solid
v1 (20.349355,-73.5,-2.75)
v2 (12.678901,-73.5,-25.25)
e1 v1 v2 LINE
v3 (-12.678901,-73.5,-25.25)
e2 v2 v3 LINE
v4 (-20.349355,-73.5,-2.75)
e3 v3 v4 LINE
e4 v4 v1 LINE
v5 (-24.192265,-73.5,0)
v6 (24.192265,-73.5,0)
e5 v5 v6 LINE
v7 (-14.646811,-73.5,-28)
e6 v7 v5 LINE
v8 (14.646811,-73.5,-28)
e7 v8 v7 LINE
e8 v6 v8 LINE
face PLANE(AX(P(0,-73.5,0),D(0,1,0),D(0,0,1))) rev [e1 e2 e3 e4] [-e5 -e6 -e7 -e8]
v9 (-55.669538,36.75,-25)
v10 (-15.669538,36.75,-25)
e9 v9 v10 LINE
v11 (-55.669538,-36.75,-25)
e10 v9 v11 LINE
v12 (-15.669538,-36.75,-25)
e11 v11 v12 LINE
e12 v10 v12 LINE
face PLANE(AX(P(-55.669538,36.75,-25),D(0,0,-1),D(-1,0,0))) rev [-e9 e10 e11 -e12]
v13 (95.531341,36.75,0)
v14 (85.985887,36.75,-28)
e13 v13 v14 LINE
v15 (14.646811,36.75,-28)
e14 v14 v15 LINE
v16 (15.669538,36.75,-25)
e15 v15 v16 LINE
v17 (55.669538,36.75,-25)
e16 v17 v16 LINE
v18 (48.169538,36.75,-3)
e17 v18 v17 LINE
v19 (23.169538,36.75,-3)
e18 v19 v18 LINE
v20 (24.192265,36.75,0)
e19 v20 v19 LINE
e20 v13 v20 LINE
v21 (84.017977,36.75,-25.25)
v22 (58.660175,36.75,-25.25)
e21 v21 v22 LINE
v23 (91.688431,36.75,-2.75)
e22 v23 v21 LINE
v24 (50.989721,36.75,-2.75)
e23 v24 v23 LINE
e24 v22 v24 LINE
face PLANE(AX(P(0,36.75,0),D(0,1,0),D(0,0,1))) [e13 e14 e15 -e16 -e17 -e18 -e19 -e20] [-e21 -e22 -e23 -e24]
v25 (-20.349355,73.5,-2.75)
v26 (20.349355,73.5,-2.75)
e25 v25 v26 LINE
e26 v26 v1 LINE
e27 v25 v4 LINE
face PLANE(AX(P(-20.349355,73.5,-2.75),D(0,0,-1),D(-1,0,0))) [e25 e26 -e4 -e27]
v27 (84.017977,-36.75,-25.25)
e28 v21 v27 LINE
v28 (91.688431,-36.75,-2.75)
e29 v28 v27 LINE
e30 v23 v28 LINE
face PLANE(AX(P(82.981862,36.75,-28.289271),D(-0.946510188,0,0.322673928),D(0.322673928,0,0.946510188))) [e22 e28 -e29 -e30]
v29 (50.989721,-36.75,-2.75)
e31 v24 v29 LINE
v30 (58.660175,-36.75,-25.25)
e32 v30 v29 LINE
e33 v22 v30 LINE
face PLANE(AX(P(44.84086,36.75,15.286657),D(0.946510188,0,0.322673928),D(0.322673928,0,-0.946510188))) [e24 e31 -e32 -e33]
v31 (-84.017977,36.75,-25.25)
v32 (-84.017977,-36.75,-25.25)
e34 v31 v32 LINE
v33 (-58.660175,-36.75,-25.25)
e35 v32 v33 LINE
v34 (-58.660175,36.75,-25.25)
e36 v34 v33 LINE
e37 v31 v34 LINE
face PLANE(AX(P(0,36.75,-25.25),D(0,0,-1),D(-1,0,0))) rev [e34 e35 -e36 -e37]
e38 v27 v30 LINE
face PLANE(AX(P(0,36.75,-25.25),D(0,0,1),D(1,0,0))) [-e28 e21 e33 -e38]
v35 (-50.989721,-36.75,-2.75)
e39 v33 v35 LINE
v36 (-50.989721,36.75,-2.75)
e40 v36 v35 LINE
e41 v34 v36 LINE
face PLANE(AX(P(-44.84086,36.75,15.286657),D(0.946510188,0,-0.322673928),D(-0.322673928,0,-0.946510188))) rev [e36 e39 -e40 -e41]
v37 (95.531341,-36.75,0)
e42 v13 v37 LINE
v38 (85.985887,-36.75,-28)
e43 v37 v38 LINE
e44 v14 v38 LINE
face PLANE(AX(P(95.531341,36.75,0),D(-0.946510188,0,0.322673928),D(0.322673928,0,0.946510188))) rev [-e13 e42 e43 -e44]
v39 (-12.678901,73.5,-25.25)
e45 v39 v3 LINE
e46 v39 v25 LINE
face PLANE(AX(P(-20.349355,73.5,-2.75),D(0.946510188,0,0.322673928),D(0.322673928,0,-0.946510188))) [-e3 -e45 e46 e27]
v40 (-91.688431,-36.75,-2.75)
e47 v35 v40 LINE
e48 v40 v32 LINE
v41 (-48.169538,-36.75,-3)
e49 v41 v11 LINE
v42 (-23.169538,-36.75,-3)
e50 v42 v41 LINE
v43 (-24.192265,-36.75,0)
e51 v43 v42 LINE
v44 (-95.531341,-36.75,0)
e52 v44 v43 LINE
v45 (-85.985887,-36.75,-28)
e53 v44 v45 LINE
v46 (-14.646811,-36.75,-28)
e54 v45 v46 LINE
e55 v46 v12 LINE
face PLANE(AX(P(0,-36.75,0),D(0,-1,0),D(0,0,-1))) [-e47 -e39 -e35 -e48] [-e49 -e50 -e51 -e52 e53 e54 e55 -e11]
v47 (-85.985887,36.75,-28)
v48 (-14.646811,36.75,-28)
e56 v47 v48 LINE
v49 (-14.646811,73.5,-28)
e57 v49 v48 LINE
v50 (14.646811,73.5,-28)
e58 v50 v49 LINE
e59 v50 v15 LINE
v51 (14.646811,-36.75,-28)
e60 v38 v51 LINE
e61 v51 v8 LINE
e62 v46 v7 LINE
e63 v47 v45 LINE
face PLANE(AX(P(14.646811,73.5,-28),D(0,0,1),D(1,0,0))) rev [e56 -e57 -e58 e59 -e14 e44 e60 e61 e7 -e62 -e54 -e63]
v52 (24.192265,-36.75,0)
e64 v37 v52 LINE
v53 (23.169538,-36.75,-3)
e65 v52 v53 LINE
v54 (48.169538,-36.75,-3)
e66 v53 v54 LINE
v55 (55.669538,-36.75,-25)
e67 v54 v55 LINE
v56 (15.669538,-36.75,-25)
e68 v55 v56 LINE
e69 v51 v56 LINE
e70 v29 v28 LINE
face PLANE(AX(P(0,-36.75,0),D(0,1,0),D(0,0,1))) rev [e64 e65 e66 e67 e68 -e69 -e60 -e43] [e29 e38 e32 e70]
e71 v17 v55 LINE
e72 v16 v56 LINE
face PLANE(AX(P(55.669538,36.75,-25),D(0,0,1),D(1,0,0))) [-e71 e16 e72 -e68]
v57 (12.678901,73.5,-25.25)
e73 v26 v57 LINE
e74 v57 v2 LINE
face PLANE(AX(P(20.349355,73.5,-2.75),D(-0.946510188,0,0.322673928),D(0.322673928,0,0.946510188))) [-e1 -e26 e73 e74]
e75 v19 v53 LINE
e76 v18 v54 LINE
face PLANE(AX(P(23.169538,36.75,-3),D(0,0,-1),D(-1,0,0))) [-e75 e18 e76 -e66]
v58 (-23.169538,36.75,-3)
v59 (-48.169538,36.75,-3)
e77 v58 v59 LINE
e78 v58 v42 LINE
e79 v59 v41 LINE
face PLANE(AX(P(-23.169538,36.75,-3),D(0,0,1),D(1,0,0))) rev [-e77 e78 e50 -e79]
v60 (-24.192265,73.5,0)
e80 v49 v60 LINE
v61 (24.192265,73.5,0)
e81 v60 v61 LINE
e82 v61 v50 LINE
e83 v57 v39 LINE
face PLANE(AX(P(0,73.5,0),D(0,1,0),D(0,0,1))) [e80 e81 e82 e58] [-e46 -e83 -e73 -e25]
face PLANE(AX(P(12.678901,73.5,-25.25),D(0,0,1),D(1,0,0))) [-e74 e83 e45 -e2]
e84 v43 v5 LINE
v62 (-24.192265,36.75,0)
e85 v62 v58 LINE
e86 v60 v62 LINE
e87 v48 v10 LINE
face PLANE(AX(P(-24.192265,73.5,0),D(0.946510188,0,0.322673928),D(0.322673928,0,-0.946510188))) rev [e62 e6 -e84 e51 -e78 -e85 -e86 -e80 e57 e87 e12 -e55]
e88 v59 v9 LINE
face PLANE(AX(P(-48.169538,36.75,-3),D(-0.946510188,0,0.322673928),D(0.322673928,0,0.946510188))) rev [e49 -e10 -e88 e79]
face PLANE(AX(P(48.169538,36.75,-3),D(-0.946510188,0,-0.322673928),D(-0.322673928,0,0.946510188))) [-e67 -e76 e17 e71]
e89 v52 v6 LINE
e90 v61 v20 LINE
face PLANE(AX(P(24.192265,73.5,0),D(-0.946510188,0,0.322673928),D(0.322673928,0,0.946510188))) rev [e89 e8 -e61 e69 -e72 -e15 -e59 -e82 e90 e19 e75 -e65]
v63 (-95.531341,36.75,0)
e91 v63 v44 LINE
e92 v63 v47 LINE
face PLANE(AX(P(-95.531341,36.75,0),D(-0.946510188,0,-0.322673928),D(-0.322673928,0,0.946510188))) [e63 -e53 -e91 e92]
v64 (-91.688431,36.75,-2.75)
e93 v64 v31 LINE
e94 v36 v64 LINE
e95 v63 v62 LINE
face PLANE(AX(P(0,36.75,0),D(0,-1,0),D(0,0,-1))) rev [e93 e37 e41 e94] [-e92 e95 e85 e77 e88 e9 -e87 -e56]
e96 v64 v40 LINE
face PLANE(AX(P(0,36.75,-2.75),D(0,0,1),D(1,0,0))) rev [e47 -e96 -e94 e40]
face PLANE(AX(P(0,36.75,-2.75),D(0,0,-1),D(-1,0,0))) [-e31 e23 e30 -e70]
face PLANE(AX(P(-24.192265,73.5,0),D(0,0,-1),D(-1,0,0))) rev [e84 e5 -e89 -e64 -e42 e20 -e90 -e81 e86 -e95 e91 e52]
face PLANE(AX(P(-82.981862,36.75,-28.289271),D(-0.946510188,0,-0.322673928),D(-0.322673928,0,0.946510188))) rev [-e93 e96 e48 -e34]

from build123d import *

# Parameters (mm, degrees)
BOSS_EXTRUDE1_DEPTH = 73.5
BOSS_EXTRUDE2_DEPTH = 36.75


with BuildPart() as part:
    # Sketch2 → Boss-Extrude1 (new, symmetric)
    with BuildSketch(Plane(origin=(0, 0, 0), x_dir=(1, 0, 0), z_dir=(0, 1, 0))):
        Polygon((24.192265263, 0), (14.646810718, 28), (-14.646810718, 28), (-24.192265263, 0), align=None)
        Polygon((12.678900893, 25.25), (-12.678900893, 25.25), (-20.349355439, 2.75), (20.349355439, 2.75), align=None, mode=Mode.SUBTRACT)
    extrude(amount=BOSS_EXTRUDE1_DEPTH, both=True)

    # Sketch3 → Boss-Extrude2 (add, symmetric)
    # profile 1 of 2: a face of its own
    with BuildSketch(Plane(origin=(0, 0, 0), x_dir=(1, 0, 0), z_dir=(0, 1, 0))):
        Polygon((-23.169537991, 3), (-48.169537991, 3), (-55.669537991, 25), (-15.669537991, 25), (-14.646810718, 28), (-85.985886699, 28), (-95.531341245, 0), (-24.192265263, 0), align=None)
        Polygon((-58.660175088, 25.25), (-50.989720543, 2.75), (-91.68843142, 2.75), (-84.017976875, 25.25), align=None, mode=Mode.SUBTRACT)
    # profile 2 of 2: a face of its own
    with BuildSketch(Plane(origin=(0, 0, 0), x_dir=(1, 0, 0), z_dir=(0, 1, 0))):
        Polygon((24.192265263, 0), (23.169537991, 3), (48.169537991, 3), (55.669537991, 25), (15.669537991, 25), (14.646810718, 28), (85.985886699, 28), (95.531341245, 0), align=None)
        Polygon((84.017976875, 25.25), (58.660175088, 25.25), (50.989720543, 2.75), (91.68843142, 2.75), align=None, mode=Mode.SUBTRACT)
    extrude(amount=BOSS_EXTRUDE2_DEPTH, both=True)


solid = part.part
